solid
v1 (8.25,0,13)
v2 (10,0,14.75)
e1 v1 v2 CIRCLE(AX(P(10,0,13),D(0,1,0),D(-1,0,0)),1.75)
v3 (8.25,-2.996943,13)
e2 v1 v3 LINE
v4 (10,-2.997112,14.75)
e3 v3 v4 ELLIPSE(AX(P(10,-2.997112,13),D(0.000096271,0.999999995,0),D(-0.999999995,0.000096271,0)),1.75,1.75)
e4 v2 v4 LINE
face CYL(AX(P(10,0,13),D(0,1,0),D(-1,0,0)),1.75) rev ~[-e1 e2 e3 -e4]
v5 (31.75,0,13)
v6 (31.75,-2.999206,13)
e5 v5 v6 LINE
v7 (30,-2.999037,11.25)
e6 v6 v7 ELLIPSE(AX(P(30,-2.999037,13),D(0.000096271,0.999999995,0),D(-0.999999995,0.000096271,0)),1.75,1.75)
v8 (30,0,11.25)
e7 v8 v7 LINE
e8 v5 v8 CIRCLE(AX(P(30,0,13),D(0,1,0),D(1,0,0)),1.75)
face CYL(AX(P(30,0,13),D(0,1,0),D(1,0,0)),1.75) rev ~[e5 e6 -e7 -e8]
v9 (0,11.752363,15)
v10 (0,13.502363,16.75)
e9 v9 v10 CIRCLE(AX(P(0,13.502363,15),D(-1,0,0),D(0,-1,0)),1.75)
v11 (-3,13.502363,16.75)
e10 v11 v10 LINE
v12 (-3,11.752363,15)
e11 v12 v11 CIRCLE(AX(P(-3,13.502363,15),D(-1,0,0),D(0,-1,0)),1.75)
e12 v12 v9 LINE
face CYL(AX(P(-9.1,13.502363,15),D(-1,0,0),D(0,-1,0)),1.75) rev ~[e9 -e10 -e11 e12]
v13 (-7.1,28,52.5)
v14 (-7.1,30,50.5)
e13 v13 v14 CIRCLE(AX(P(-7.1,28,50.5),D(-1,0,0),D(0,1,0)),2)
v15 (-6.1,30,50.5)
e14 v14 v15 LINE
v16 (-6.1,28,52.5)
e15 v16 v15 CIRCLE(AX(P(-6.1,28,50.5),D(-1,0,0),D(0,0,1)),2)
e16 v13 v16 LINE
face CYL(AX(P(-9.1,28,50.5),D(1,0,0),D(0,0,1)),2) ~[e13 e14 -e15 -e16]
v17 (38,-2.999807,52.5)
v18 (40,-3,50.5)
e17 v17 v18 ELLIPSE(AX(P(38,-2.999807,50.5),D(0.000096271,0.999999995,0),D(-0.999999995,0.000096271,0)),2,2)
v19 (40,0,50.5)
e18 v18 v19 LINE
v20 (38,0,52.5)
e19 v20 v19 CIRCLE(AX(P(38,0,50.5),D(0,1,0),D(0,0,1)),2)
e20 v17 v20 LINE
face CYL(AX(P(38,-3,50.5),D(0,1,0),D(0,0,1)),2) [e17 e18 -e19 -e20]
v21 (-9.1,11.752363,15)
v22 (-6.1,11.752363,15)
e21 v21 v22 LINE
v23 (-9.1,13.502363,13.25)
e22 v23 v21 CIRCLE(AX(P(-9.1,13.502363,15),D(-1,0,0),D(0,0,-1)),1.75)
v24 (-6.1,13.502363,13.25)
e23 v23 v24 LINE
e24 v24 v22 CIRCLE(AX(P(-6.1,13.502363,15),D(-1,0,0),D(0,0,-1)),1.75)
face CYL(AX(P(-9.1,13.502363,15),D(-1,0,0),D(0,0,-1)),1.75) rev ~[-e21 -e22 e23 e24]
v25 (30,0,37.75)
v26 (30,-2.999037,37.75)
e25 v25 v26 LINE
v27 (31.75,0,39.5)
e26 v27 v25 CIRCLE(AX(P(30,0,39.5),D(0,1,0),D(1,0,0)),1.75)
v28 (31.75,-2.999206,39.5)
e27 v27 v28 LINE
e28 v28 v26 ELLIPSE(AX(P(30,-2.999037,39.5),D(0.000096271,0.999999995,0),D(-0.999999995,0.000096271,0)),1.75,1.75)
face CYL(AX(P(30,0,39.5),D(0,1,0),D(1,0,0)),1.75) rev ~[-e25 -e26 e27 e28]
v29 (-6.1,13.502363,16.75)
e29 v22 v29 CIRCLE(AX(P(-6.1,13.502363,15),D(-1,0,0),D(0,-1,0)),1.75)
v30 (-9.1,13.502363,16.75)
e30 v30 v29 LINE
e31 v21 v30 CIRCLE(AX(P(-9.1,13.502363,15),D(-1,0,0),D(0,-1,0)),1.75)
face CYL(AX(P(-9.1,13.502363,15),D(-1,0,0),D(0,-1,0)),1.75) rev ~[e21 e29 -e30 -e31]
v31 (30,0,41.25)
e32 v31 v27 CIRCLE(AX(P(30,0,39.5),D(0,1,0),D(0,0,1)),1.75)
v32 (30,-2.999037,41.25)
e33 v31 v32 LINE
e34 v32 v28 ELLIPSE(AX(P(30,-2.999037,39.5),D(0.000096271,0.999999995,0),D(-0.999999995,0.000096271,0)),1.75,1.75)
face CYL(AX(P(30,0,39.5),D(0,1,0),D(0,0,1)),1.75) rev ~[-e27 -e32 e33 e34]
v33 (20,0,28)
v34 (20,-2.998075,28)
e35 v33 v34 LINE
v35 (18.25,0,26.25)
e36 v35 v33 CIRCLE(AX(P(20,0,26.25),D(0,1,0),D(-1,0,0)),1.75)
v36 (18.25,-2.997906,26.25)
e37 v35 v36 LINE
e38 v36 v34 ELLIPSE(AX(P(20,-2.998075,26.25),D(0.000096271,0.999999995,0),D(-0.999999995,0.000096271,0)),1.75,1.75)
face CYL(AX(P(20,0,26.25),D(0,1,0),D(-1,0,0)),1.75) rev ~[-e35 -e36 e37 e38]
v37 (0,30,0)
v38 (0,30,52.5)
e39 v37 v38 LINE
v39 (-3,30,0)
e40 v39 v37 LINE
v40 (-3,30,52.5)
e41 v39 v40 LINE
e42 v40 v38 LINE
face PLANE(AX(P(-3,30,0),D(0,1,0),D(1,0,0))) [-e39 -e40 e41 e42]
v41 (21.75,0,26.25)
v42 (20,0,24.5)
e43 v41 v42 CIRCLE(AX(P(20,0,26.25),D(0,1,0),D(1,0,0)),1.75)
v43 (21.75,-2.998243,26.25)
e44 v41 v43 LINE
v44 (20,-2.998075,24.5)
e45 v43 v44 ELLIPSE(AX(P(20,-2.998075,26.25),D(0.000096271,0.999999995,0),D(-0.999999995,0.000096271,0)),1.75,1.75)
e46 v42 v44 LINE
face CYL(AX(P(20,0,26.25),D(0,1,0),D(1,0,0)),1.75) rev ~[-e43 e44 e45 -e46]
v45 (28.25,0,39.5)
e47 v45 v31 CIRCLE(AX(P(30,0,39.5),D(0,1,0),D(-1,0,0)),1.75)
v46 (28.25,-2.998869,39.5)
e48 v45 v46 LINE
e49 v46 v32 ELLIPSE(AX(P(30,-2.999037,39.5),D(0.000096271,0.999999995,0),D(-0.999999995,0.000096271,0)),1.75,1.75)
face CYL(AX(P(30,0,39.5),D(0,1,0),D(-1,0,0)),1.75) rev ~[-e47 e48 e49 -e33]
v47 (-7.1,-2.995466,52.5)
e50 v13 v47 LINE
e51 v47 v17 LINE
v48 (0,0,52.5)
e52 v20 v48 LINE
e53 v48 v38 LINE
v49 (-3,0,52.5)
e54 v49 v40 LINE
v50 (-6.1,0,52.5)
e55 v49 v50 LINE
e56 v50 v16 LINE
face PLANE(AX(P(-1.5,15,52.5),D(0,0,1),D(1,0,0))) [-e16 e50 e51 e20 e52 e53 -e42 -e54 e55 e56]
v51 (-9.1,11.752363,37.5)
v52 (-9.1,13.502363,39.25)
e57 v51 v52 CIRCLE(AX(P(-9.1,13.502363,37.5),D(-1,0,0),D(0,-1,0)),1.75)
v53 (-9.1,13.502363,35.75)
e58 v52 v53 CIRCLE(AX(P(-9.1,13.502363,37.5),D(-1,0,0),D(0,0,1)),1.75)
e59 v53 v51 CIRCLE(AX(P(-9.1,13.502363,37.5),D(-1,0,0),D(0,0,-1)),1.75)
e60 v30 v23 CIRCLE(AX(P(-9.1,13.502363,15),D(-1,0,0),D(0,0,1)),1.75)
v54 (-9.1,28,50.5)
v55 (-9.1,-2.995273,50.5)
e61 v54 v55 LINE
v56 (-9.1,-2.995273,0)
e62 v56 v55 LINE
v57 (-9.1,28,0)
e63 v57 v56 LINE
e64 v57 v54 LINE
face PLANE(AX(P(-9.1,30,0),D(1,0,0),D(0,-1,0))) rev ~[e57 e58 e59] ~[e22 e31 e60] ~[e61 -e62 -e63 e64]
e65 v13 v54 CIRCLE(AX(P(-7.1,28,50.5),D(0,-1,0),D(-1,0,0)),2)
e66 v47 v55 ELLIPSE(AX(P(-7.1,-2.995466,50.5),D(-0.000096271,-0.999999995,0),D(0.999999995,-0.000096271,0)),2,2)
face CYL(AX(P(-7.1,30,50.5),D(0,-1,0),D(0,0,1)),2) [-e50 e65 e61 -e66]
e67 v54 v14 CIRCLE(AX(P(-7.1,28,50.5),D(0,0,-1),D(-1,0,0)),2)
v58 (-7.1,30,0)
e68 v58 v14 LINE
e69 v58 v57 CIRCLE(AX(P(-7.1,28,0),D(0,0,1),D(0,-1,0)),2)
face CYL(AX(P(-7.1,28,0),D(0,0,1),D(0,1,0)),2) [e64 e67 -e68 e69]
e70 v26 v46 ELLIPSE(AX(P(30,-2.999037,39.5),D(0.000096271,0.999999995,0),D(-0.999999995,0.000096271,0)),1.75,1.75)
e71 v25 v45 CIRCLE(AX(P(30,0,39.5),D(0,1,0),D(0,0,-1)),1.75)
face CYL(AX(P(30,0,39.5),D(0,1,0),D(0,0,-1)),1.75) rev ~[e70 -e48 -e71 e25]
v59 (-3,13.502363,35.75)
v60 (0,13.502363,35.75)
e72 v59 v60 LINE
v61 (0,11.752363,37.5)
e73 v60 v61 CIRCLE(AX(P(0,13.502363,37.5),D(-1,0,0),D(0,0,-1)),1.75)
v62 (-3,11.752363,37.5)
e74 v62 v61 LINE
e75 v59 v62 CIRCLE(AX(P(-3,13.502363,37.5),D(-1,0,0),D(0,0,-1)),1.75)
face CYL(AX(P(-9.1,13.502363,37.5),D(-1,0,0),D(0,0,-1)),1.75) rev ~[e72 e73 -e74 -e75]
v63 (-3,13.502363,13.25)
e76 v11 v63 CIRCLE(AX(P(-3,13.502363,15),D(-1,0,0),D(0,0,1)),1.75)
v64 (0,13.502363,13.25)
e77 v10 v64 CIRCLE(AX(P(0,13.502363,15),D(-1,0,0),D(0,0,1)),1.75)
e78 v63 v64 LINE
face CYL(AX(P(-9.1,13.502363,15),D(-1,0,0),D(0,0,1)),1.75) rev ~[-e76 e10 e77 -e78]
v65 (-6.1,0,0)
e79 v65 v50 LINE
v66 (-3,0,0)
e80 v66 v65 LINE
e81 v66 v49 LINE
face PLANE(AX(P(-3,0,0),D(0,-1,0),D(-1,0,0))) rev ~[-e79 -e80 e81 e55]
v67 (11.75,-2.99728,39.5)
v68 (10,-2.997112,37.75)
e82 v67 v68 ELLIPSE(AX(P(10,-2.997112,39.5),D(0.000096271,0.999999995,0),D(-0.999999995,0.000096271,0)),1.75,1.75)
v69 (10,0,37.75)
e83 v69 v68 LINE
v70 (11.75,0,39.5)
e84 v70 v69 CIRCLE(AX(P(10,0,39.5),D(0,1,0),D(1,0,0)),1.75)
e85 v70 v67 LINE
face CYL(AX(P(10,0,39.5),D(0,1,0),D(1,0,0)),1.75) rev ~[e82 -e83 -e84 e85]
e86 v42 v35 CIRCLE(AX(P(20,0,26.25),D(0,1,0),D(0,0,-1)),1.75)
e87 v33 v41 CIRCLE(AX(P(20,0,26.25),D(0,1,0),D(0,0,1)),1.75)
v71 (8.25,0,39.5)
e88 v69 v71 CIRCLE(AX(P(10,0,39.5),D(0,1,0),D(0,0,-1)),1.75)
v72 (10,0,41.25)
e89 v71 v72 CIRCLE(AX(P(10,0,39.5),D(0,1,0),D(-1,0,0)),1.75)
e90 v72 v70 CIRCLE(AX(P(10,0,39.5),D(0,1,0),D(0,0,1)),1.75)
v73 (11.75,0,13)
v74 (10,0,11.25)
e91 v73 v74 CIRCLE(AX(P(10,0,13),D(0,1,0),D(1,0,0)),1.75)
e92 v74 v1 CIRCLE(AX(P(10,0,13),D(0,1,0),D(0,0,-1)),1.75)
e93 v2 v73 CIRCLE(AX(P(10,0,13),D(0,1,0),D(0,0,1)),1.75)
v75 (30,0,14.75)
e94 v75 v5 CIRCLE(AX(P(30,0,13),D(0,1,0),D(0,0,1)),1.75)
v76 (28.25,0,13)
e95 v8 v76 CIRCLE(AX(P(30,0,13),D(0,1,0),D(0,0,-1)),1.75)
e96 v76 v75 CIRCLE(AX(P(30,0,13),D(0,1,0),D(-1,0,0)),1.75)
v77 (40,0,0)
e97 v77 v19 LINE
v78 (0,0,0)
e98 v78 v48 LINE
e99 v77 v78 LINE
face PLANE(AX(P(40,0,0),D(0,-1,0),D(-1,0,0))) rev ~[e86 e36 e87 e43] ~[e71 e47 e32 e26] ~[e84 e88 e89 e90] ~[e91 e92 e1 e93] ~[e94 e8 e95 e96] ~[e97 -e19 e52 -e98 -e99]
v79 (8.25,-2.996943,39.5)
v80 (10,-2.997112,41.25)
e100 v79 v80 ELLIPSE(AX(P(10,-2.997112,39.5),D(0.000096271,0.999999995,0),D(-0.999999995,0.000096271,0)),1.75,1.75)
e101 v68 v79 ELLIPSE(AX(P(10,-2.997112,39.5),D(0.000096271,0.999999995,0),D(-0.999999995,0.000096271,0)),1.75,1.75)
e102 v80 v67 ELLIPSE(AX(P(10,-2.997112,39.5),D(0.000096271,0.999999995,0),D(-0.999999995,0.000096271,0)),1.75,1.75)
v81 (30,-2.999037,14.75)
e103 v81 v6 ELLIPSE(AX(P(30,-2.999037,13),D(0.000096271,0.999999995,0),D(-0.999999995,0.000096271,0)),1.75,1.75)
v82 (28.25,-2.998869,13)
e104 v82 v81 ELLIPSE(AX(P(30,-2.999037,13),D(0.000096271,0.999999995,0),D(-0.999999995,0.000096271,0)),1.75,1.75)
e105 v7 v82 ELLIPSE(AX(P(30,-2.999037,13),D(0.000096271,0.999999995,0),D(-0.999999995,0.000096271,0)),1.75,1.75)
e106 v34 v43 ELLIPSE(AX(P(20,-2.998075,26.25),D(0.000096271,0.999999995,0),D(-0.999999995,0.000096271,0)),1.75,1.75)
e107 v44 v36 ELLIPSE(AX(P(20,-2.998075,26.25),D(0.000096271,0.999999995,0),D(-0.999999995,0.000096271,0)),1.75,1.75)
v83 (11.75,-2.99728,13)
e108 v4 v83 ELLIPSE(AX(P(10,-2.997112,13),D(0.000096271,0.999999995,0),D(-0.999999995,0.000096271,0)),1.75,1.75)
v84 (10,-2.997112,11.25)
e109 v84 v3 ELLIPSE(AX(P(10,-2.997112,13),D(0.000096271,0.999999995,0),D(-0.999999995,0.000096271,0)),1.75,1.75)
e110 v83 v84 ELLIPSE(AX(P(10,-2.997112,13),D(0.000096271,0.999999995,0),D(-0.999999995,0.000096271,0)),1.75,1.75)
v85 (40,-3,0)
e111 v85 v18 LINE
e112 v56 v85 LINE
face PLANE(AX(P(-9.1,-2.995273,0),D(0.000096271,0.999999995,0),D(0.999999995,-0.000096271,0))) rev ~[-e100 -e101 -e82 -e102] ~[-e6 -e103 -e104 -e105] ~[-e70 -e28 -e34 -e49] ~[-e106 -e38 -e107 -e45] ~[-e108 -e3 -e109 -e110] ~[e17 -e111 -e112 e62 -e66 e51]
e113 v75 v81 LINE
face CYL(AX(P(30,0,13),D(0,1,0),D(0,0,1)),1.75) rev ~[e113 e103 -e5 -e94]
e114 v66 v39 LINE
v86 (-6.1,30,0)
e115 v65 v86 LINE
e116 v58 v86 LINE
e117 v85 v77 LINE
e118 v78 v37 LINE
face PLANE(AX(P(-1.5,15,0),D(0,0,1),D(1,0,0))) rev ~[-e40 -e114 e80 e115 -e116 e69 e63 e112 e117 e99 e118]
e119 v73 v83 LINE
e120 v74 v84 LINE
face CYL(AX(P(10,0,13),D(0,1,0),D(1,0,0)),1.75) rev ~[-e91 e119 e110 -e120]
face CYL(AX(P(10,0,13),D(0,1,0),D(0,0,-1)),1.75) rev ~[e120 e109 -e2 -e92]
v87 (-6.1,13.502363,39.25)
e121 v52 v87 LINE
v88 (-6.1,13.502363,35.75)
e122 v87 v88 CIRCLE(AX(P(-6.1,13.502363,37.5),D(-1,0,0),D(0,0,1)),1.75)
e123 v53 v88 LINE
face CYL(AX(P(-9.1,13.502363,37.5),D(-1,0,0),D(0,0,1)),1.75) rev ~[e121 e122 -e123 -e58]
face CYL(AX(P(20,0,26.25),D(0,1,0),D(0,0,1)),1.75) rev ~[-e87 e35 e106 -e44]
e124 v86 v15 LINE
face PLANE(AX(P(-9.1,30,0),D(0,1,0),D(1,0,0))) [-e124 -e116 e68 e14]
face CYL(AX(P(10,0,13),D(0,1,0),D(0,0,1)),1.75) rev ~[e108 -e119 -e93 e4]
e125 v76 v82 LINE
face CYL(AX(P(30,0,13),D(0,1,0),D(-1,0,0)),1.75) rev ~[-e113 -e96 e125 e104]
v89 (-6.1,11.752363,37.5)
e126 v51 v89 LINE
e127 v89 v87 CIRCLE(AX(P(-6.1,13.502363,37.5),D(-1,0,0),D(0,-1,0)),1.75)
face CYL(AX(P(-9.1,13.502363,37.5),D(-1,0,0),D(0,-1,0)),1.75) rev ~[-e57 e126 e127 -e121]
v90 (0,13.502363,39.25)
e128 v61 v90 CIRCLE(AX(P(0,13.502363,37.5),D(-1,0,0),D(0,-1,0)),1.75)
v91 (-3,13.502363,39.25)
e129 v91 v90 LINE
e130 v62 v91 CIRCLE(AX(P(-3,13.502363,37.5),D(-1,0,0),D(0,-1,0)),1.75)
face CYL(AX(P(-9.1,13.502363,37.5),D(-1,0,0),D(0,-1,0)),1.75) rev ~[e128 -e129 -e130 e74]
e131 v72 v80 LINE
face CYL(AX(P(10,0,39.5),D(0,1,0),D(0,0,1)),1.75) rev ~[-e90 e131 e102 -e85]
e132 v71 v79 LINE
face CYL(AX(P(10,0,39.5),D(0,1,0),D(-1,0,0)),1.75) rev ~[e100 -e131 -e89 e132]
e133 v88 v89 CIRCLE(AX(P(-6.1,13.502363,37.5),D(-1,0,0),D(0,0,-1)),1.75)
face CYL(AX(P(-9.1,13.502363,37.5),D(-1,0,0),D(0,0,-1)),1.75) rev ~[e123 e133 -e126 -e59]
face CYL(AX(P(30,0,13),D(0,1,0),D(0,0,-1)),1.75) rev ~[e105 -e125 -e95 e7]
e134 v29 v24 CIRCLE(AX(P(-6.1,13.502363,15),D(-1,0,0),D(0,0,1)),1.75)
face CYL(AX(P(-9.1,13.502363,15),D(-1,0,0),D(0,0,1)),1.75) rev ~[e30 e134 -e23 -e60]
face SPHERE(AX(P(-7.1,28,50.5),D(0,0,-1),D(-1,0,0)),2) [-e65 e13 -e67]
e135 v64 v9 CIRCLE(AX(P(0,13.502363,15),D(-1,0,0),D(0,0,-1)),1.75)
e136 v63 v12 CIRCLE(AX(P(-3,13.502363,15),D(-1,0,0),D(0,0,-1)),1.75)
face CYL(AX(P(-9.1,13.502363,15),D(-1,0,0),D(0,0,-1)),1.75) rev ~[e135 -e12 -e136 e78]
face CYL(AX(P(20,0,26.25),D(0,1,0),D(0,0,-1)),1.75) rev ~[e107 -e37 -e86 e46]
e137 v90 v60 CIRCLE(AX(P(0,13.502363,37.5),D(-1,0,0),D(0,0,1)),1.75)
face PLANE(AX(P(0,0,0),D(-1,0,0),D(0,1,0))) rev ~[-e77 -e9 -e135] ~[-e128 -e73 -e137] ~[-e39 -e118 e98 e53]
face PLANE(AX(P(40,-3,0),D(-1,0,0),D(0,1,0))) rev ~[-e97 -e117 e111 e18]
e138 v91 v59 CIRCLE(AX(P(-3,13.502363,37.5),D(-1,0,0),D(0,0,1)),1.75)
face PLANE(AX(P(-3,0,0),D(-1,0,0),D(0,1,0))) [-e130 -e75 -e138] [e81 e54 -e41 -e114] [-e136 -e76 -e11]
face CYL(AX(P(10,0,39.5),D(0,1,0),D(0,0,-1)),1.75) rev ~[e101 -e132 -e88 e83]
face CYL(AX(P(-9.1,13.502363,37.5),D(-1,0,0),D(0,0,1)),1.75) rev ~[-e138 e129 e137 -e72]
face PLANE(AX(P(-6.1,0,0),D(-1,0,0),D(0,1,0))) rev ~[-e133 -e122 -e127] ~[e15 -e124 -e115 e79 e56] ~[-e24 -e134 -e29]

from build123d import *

# Parameters (mm, degrees)
F0_W     = 3
F0_H     = 30
F1_DEPTH = 52.5
F3_DEPTH = 25
F5_DEPTH = 25
F6_R     = 2


with BuildPart() as f1:
    # F0 (on Top) → F1 (new body)
    with BuildSketch(Plane.XY):
        with Locations((-1.5, 15)):
            Rectangle(F0_W, F0_H)
        with Locations((-7.6, 15)):
            Rectangle(F0_W, F0_H)
        Polygon((40, 0), (0, 0), (-3, 0), (-6.1, 0), (-9.1, 0), (-9.1, -2.9952730983), (40, -3), align=None)
    extrude(amount=F1_DEPTH)

    # F2 (on face) → F3 (cut)
    with BuildSketch(Plane(origin=(-9.1, 0, 0), x_dir=(0, -1, 0), z_dir=(-1, 0, 0))):
        with BuildLine():
            Line((-13.5023634508, 37.5), (-13.5023634508, 39.25))
            ThreePointArc((-13.5023634508, 39.25), (-15.2523634508, 37.5), (-13.5023634508, 35.75))
            Line((-13.5023634508, 35.75), (-13.5023634508, 37.5))
        make_face()
        with BuildLine():
            ThreePointArc((-11.7523634508, 37.5), (-12.2649265837, 38.7374368671), (-13.5023634508, 39.25))
            Line((-13.5023634508, 39.25), (-13.5023634508, 37.5))
            Line((-13.5023634508, 37.5), (-13.5023634508, 35.75))
            ThreePointArc((-13.5023634508, 35.75), (-12.2649265837, 36.2625631329), (-11.7523634508, 37.5))
        make_face()
        with BuildLine():
            Line((-13.5023634508, 15), (-13.5023634508, 13.25))
            ThreePointArc((-13.5023634508, 13.25), (-12.2649265837, 13.7625631329), (-11.7523634508, 15))
            ThreePointArc((-11.7523634508, 15), (-12.2649265837, 16.2374368671), (-13.5023634508, 16.75))
            Line((-13.5023634508, 16.75), (-13.5023634508, 15))
        make_face()
        with BuildLine():
            ThreePointArc((-13.5023634508, 16.75), (-15.2523634508, 15), (-13.5023634508, 13.25))
            Line((-13.5023634508, 13.25), (-13.5023634508, 15))
            Line((-13.5023634508, 15), (-13.5023634508, 16.75))
        make_face()
    extrude(amount=-F3_DEPTH, mode=Mode.SUBTRACT)

    # F4 (on face) → F5 (cut)
    with BuildSketch(Plane(origin=(0, 0, 0), x_dir=(-1, 0, 0), z_dir=(0, 1, 0))):
        with BuildLine():
            ThreePointArc((-30, 37.75), (-28.7625631329, 38.2625631329), (-28.25, 39.5))
            Line((-28.25, 39.5), (-30, 39.5))
            Line((-30, 39.5), (-30, 37.75))
        make_face()
        with BuildLine():
            ThreePointArc((-28.25, 39.5), (-28.7625631329, 40.7374368671), (-30, 41.25))
            Line((-30, 41.25), (-30, 39.5))
            Line((-30, 39.5), (-28.25, 39.5))
        make_face()
        with BuildLine():
            Line((-30, 39.5), (-30, 41.25))
            ThreePointArc((-30, 41.25), (-31.2374368671, 40.7374368671), (-31.75, 39.5))
            Line((-31.75, 39.5), (-30, 39.5))
        make_face()
        with BuildLine():
            Line((-30, 37.75), (-30, 39.5))
            Line((-30, 39.5), (-31.75, 39.5))
            ThreePointArc((-31.75, 39.5), (-31.2374368671, 38.2625631329), (-30, 37.75))
        make_face()
        with BuildLine():
            Line((-10, 37.75), (-10, 39.5))
            Line((-10, 39.5), (-11.75, 39.5))
            ThreePointArc((-11.75, 39.5), (-11.2374368671, 38.2625631329), (-10, 37.75))
        make_face()
        with BuildLine():
            ThreePointArc((-10, 37.75), (-8.7625631329, 38.2625631329), (-8.25, 39.5))
            Line((-8.25, 39.5), (-10, 39.5))
            Line((-10, 39.5), (-10, 37.75))
        make_face()
        with BuildLine():
            ThreePointArc((-8.25, 39.5), (-8.7625631329, 40.7374368671), (-10, 41.25))
            Line((-10, 41.25), (-10, 39.5))
            Line((-10, 39.5), (-8.25, 39.5))
        make_face()
        with BuildLine():
            Line((-10, 39.5), (-10, 41.25))
            ThreePointArc((-10, 41.25), (-11.2374368671, 40.7374368671), (-11.75, 39.5))
            Line((-11.75, 39.5), (-10, 39.5))
        make_face()
        with BuildLine():
            Line((-10, 13), (-10, 14.75))
            ThreePointArc((-10, 14.75), (-11.2374368671, 14.2374368671), (-11.75, 13))
            Line((-11.75, 13), (-10, 13))
        make_face()
        with BuildLine():
            ThreePointArc((-8.25, 13), (-8.7625631329, 14.2374368671), (-10, 14.75))
            Line((-10, 14.75), (-10, 13))
            Line((-10, 13), (-8.25, 13))
        make_face()
        with BuildLine():
            ThreePointArc((-10, 11.25), (-8.7625631329, 11.7625631329), (-8.25, 13))
            Line((-8.25, 13), (-10, 13))
            Line((-10, 13), (-10, 11.25))
        make_face()
        with BuildLine():
            Line((-10, 11.25), (-10, 13))
            Line((-10, 13), (-11.75, 13))
            ThreePointArc((-11.75, 13), (-11.2374368671, 11.7625631329), (-10, 11.25))
        make_face()
        with BuildLine():
            ThreePointArc((-30, 11.25), (-28.7625631329, 11.7625631329), (-28.25, 13))
            Line((-28.25, 13), (-30, 13))
            Line((-30, 13), (-30, 11.25))
        make_face()
        with BuildLine():
            Line((-30, 13), (-31.75, 13))
            ThreePointArc((-31.75, 13), (-31.2374368671, 11.7625631329), (-30, 11.25))
            Line((-30, 11.25), (-30, 13))
        make_face()
        with BuildLine():
            Line((-30, 13), (-30, 14.75))
            ThreePointArc((-30, 14.75), (-31.2374368671, 14.2374368671), (-31.75, 13))
            Line((-31.75, 13), (-30, 13))
        make_face()
        with BuildLine():
            ThreePointArc((-28.25, 13), (-28.7625631329, 14.2374368671), (-30, 14.75))
            Line((-30, 14.75), (-30, 13))
            Line((-30, 13), (-28.25, 13))
        make_face()
        with BuildLine():
            Line((-20, 24.5), (-20, 26.25))
            Line((-20, 26.25), (-21.75, 26.25))
            ThreePointArc((-21.75, 26.25), (-21.2374368671, 25.0125631329), (-20, 24.5))
        make_face()
        with BuildLine():
            ThreePointArc((-20, 24.5), (-18.7625631329, 25.0125631329), (-18.25, 26.25))
            Line((-18.25, 26.25), (-20, 26.25))
            Line((-20, 26.25), (-20, 24.5))
        make_face()
        with BuildLine():
            ThreePointArc((-18.25, 26.25), (-18.7625631329, 27.4874368671), (-20, 28))
            Line((-20, 28), (-20, 26.25))
            Line((-20, 26.25), (-18.25, 26.25))
        make_face()
        with BuildLine():
            Line((-20, 26.25), (-20, 28))
            ThreePointArc((-20, 28), (-21.2374368671, 27.4874368671), (-21.75, 26.25))
            Line((-21.75, 26.25), (-20, 26.25))
        make_face()
    extrude(amount=-F5_DEPTH, mode=Mode.SUBTRACT)

    # F6
    f6_edges = [f1.edges().sort_by_distance(p)[0] for p in [
        (40, -1.5, 52.5),
        (-9.1, 30, 26.25),
        (-9.1, 13.502363, 52.5),
        (-7.6, 30, 52.5),
    ]]
    fillet(f6_edges, radius=F6_R)


solid = f1.part
